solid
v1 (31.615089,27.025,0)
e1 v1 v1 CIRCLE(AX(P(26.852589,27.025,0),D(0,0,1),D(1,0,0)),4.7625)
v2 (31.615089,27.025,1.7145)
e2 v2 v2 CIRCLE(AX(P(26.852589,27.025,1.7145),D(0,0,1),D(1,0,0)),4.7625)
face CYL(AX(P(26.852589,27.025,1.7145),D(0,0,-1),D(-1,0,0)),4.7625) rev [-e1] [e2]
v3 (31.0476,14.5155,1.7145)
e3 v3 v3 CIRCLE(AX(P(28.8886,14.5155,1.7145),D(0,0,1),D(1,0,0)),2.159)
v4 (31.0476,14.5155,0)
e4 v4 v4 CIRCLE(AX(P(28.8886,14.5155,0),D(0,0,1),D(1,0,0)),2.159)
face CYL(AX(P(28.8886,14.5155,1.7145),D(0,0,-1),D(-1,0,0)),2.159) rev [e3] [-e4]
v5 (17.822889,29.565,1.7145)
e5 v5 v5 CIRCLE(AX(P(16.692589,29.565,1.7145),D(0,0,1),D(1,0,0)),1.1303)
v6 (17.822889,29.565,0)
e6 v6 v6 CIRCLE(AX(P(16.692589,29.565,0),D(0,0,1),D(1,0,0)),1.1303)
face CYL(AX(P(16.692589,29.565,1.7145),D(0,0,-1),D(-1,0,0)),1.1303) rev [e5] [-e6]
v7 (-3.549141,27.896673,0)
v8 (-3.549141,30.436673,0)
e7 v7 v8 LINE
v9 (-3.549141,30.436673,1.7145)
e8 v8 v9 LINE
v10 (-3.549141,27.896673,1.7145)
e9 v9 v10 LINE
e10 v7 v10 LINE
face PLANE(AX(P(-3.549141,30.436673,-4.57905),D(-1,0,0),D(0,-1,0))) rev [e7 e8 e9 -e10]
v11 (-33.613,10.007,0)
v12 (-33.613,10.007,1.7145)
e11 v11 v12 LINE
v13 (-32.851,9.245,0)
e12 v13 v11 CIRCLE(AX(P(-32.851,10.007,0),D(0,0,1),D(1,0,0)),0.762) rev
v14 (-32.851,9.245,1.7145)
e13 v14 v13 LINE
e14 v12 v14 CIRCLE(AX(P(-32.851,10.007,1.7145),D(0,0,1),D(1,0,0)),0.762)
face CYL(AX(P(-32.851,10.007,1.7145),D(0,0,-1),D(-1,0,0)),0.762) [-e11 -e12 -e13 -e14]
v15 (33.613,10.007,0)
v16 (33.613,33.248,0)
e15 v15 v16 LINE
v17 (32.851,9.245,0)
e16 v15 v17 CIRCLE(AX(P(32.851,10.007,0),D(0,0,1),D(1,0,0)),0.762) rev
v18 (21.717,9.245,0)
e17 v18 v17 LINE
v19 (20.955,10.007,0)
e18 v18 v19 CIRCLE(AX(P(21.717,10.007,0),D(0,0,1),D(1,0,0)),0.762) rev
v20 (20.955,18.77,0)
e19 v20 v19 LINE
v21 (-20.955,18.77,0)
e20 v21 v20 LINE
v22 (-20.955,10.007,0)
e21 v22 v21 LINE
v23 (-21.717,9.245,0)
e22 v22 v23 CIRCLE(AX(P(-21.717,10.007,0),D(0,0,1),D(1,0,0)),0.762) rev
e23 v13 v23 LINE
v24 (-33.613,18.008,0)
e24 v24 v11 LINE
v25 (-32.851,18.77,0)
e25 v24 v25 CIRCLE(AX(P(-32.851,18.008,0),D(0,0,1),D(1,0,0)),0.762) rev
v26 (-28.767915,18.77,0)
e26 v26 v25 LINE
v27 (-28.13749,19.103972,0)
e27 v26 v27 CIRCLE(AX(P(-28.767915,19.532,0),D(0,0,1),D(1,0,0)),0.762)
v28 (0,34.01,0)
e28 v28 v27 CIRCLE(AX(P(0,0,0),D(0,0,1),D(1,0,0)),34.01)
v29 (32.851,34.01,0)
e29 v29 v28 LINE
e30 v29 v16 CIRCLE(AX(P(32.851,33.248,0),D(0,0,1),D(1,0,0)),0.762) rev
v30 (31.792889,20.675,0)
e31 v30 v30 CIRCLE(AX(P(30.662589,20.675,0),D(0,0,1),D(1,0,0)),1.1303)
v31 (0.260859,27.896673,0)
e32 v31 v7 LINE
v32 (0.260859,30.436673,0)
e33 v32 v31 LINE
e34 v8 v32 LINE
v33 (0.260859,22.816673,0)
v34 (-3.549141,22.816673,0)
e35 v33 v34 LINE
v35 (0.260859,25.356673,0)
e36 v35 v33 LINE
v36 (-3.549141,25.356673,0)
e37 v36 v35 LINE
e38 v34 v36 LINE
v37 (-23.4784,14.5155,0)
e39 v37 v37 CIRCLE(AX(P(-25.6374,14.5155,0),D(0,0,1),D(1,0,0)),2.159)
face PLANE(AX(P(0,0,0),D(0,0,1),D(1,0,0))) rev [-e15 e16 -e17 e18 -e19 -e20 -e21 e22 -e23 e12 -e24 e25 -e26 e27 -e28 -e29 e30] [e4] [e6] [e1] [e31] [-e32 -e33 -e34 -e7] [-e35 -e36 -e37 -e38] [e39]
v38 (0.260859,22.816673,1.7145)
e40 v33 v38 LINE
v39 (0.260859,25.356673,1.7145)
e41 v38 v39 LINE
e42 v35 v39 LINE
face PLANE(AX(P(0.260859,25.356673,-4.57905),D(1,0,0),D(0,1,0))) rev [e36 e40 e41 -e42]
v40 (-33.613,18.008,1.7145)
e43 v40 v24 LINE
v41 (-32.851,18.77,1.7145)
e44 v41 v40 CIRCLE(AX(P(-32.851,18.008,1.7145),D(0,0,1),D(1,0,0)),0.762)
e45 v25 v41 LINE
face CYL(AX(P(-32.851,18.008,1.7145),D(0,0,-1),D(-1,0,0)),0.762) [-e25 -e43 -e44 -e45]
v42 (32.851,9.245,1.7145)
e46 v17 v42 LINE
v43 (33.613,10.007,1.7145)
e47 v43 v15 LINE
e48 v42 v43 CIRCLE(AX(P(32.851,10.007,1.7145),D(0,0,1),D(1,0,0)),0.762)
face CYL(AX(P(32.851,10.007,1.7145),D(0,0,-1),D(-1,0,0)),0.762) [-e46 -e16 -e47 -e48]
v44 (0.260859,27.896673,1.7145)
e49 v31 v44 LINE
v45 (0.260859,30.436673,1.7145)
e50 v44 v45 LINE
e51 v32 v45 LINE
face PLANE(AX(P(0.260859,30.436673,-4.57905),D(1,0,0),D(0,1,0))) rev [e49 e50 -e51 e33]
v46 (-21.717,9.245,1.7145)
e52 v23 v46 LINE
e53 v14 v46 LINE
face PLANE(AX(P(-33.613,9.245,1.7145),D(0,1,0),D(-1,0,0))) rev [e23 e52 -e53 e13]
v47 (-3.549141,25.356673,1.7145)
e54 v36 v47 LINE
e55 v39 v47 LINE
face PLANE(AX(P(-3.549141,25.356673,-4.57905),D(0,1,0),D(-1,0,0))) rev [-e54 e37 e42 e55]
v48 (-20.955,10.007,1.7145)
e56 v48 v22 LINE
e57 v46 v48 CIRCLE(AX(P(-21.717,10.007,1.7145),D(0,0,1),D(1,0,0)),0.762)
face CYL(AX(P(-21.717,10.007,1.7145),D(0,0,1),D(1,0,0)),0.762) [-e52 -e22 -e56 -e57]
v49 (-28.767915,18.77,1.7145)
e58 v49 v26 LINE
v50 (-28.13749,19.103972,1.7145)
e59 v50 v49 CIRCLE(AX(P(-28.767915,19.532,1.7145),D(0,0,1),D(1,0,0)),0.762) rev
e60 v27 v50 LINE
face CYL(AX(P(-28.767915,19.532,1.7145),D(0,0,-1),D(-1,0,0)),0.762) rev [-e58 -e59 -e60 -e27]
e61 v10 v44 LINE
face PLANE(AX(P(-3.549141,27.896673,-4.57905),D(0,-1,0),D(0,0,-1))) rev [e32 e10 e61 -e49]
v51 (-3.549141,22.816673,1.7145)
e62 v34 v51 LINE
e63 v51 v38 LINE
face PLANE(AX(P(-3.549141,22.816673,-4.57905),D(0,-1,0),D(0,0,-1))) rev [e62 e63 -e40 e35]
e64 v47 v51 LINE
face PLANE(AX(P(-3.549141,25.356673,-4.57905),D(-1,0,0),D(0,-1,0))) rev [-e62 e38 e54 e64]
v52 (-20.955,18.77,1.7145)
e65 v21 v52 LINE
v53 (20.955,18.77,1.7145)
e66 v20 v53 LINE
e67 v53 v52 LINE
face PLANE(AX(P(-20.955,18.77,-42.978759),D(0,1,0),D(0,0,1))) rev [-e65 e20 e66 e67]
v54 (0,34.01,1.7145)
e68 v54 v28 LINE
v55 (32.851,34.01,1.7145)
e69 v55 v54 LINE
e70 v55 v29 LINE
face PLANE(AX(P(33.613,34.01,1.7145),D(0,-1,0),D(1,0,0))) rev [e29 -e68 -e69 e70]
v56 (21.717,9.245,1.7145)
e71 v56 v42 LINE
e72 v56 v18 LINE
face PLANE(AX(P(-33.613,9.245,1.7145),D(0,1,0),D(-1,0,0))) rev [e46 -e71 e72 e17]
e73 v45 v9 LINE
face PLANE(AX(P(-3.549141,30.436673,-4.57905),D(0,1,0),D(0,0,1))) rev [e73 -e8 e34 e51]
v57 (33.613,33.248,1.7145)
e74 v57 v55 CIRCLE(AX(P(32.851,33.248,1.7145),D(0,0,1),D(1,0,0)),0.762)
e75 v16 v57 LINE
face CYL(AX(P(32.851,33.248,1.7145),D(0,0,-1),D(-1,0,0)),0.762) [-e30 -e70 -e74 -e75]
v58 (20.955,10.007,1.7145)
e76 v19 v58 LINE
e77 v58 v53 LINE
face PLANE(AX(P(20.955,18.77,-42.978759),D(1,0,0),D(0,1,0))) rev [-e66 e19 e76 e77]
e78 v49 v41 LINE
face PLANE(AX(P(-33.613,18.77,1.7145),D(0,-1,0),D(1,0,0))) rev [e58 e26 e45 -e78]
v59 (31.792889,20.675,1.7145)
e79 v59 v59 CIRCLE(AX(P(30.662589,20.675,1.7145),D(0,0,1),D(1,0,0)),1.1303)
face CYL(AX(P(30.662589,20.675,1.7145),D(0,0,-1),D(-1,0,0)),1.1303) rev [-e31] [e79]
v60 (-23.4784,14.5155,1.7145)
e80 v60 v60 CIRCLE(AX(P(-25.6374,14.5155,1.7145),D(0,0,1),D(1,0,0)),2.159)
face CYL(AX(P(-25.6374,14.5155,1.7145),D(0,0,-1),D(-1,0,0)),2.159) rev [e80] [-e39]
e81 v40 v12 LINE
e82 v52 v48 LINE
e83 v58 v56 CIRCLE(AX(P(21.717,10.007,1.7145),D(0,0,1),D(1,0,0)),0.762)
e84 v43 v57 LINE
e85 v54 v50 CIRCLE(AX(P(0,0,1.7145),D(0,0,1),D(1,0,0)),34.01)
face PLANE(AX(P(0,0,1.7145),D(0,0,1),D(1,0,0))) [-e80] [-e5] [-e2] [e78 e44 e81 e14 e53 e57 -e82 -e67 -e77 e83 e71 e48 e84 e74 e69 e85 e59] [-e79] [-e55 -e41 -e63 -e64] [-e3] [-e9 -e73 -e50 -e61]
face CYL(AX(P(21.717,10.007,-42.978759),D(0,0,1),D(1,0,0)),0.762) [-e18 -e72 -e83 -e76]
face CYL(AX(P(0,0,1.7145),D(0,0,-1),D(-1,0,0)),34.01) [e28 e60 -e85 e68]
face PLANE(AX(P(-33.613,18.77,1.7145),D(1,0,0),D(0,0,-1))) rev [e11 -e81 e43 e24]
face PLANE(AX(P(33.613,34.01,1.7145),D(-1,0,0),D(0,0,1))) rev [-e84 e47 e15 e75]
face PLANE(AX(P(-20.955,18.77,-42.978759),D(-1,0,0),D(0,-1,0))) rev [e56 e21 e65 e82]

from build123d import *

# Parameters (mm, degrees)
SKETCH1_R           = 4.7625
SKETCH1_R_2         = 2.159
SKETCH1_R_3         = 1.1303
BOSS_EXTRUDE1_DEPTH = 1.7145
SKETCH2_W           = 3.81
SKETCH2_H           = 2.54
CUT_EXTRUDE1_DEPTH  = 1.7145
SKETCH3_W           = 41.91
SKETCH3_H           = 9.525
CUT_EXTRUDE2_DEPTH  = 1.7145
FILLET1_R           = 0.762


with BuildPart() as part:
    # Sketch1 → Boss-Extrude1 (new body)
    with BuildSketch(Plane.XY):
        with BuildLine():
            Line((-33.613, 9.245), (33.613, 9.245))
            Line((33.613, 9.245), (33.613, 34.01))
            Line((33.613, 34.01), (0, 34.01))
            ThreePointArc((0, 34.01), (-16.098329106, 29.958703243), (-28.361368091, 18.77))
            Line((-28.361368091, 18.77), (-33.613, 18.77))
            Line((-33.613, 18.77), (-33.613, 9.245))
        make_face()
        with Locations((26.852588835, 27.025)):
            Circle(SKETCH1_R, mode=Mode.SUBTRACT)
        with Locations((-25.6374, 14.5155)):
            Circle(SKETCH1_R_2, mode=Mode.SUBTRACT)
        with Locations((28.8886, 14.5155)):
            Circle(SKETCH1_R_2, mode=Mode.SUBTRACT)
        with Locations((30.662588835, 20.675)):
            Circle(SKETCH1_R_3, mode=Mode.SUBTRACT)
        with Locations((16.692588835, 29.565)):
            Circle(SKETCH1_R_3, mode=Mode.SUBTRACT)
    extrude(amount=BOSS_EXTRUDE1_DEPTH)

    # Sketch2 → Cut-Extrude1 (cut)
    with BuildSketch(Plane.XY.offset(1.7145)):
        with Locations((-1.644140797, 29.166672544)):
            Rectangle(SKETCH2_W, SKETCH2_H)
        with Locations((-1.644140797, 24.086672544)):
            Rectangle(SKETCH2_W, SKETCH2_H)
    extrude(amount=-CUT_EXTRUDE1_DEPTH, mode=Mode.SUBTRACT)

    # Sketch3 → Cut-Extrude2 (cut)
    with BuildSketch(Plane.XY.offset(1.7145)):
        with Locations((0, 14.0075)):
            Rectangle(SKETCH3_W, SKETCH3_H)
    extrude(amount=-CUT_EXTRUDE2_DEPTH, mode=Mode.SUBTRACT)

    # Fillet1
    fillet1_edges = [part.edges().sort_by_distance(p)[0] for p in [
        (-28.361368091, 18.77, 0.85725),
        (33.613, 34.01, 0.85725),
        (33.613, 9.245, 0.85725),
        (-33.613, 9.245, 0.85725),
        (-33.613, 18.77, 0.85725),
        (-20.955, 9.245, 0.85725),
        (20.955, 9.245, 0.85725),
    ]]
    fillet(fillet1_edges, radius=FILLET1_R)


solid = part.part
